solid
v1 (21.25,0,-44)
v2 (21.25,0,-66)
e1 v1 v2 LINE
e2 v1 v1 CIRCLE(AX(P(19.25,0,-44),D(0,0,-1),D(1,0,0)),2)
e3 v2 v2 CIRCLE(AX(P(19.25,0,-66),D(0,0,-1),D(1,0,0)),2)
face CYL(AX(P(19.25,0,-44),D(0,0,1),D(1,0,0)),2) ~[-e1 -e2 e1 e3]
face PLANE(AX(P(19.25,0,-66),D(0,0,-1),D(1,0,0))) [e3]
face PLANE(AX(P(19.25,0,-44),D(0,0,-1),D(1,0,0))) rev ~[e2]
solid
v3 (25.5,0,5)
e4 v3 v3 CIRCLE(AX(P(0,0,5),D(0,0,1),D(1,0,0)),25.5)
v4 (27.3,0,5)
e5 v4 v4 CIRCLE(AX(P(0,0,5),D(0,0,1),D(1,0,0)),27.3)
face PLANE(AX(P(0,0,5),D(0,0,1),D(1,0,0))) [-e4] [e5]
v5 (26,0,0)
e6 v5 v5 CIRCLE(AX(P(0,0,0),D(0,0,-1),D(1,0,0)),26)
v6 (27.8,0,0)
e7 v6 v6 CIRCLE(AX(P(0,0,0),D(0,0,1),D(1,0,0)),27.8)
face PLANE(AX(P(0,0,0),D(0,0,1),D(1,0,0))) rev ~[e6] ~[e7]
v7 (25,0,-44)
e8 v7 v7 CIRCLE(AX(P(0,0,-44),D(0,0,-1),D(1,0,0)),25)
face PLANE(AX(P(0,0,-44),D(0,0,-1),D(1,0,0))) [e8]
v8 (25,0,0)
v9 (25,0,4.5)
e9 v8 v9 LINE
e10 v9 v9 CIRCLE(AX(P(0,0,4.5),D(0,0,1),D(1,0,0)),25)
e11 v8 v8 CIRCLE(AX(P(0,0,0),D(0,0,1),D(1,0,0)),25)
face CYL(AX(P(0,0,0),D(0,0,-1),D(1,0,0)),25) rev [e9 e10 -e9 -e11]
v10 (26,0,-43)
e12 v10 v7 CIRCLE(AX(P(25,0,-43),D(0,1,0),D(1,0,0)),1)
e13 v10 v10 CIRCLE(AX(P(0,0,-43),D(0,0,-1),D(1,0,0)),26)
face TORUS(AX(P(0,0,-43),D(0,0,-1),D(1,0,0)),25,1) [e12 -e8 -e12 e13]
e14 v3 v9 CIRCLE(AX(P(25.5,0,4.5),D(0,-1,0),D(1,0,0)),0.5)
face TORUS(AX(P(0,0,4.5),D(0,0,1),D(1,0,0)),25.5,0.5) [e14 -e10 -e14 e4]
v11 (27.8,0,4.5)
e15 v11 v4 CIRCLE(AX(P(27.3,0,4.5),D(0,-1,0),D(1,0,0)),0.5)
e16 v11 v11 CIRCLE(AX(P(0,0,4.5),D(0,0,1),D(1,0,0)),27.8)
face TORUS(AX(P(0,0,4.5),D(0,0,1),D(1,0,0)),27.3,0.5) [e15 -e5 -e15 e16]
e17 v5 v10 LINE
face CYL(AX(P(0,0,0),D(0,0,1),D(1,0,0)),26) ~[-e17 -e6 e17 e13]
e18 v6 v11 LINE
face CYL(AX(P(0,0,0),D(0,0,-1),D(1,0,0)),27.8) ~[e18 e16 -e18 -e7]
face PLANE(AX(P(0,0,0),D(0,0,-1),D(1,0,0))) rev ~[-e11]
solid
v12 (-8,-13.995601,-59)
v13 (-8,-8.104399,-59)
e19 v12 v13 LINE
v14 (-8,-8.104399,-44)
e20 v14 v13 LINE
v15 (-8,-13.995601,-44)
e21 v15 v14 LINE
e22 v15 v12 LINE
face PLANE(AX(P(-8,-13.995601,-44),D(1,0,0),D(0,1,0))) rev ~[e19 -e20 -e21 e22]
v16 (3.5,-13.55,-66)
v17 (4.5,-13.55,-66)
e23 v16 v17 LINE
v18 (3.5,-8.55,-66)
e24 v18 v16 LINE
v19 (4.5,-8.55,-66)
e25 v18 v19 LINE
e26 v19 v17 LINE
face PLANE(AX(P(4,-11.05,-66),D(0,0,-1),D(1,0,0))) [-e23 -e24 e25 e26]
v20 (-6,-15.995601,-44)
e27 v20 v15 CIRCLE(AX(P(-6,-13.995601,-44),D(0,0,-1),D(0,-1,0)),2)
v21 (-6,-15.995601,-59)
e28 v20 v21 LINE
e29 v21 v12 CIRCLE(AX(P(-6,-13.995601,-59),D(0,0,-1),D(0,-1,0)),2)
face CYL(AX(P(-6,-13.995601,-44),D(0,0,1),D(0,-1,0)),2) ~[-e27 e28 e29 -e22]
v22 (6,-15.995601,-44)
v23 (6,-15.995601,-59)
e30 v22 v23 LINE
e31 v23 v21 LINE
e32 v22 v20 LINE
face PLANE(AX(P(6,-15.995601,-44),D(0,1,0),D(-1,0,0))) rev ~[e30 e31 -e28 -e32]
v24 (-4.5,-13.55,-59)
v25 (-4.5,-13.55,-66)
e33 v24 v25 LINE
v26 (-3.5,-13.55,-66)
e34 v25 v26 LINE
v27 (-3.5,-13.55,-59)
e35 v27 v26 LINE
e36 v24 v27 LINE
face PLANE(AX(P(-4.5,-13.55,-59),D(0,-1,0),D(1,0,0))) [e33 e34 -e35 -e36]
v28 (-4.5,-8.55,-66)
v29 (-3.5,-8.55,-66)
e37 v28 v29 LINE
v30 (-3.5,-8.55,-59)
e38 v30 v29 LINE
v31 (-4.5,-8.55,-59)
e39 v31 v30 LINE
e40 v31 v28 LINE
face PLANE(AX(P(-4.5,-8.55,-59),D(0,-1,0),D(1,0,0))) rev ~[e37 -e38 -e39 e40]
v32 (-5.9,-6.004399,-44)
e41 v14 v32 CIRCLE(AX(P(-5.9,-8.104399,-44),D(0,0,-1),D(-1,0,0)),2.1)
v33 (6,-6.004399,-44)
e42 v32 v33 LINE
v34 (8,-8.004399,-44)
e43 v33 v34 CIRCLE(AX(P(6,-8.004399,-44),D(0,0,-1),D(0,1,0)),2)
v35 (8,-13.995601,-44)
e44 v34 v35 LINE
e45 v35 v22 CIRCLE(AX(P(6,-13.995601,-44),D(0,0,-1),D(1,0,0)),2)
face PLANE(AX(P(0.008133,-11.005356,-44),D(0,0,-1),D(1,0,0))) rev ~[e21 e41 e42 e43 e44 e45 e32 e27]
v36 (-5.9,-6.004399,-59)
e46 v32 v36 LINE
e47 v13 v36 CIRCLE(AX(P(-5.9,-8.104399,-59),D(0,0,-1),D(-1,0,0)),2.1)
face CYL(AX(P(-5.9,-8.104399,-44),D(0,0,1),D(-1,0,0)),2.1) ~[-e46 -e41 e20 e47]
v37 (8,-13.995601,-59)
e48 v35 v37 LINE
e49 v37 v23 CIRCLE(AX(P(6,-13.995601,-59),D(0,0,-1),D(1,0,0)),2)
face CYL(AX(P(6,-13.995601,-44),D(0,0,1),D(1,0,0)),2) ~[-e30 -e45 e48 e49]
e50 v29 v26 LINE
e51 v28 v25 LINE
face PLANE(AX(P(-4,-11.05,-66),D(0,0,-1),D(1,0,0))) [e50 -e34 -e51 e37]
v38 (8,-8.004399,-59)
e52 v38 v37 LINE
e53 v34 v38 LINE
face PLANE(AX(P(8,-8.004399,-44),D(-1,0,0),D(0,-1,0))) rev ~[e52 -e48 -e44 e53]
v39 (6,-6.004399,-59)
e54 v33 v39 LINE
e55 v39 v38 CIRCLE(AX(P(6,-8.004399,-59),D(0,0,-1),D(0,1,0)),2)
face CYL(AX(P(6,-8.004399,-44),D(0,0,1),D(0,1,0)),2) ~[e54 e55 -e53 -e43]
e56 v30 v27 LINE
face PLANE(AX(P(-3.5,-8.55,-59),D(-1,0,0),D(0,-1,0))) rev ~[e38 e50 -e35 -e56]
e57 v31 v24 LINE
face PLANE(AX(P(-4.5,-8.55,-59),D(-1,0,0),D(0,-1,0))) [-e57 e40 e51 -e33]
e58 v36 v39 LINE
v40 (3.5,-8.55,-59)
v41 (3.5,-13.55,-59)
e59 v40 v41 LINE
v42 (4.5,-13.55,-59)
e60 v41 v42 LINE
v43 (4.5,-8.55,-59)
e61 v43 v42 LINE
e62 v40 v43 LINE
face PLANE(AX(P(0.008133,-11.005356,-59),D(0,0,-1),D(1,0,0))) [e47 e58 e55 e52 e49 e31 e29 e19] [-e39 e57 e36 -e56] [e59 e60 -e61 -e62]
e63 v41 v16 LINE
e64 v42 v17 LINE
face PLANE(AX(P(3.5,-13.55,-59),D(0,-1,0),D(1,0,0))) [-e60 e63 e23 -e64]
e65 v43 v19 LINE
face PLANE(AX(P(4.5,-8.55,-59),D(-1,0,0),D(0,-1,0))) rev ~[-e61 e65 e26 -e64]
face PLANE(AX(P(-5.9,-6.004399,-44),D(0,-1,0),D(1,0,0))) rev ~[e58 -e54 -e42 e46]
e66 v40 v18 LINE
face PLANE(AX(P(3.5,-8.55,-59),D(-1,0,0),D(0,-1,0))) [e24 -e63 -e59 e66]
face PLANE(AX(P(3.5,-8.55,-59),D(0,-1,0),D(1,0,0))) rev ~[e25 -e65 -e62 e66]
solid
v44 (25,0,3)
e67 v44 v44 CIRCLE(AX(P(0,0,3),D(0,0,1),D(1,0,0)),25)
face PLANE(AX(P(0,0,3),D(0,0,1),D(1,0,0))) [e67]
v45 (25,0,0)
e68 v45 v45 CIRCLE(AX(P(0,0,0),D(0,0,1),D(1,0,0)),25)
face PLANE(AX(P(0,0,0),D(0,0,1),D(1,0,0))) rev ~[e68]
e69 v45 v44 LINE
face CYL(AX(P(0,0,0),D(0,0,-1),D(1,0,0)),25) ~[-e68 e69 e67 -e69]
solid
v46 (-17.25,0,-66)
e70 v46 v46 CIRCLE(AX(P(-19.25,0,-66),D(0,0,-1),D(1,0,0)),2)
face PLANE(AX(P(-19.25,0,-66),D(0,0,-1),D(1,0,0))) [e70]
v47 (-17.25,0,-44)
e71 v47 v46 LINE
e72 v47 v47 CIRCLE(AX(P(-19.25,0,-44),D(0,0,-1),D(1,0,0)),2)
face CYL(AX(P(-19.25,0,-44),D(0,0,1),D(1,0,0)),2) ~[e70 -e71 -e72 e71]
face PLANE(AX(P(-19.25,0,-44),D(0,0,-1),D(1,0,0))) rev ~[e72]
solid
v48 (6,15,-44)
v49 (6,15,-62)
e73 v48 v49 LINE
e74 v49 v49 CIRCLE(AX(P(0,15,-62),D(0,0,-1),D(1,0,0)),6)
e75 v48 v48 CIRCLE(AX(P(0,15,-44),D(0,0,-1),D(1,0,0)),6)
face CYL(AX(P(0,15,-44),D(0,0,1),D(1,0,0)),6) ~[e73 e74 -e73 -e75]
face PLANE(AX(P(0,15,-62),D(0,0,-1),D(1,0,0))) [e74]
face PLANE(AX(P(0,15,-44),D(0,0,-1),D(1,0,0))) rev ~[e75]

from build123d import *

# Parameters (mm, degrees)
F0_R      = 27.8
F0_R_2    = 25
F1_DEPTH  = 5
F2_R      = 25
F3_DEPTH  = 3
F4_R      = 26
F5_DEPTH  = 44
F6_R      = 1
F7_R      = 2
F8_DEPTH  = 22
F10_DEPTH = 15
F11_R     = 6
F12_DEPTH = 18
F13_W     = 1
F13_H     = 5
F14_DEPTH = 7
F15_R     = 0.5


with BuildPart() as f1:
    # F0 (on Top) → F1 (new body)
    with BuildSketch(Plane.XY):
        Circle(F0_R)
        Circle(F0_R_2, mode=Mode.SUBTRACT)
    extrude(amount=F1_DEPTH)

    # F4 (on face) → F5 (join)
    with BuildSketch(Plane(origin=(0, 0, 0), x_dir=(1, 0, 0), z_dir=(0, 0, -1))):
        Circle(F4_R)
    extrude(amount=F5_DEPTH)

    # F6
    f6_edges = [f1.edges().sort_by_distance(p)[0] for p in [
        (-26, 0, -44),
    ]]
    fillet(f6_edges, radius=F6_R)

    # F15
    f15_edges = [f1.edges().sort_by_distance(p)[0] for p in [
        (-27.8, 0, 5),
        (-25, 0, 5),
    ]]
    fillet(f15_edges, radius=F15_R)


with BuildPart() as f3:
    # F2 (on Top) → F3 (new body)
    with BuildSketch(Plane.XY):
        Circle(F2_R)
    extrude(amount=F3_DEPTH)


with BuildPart() as f8:
    # F7 (on face) → F8 (new body)
    with BuildSketch(Plane(origin=(0, 0, -44), x_dir=(1, 0, 0), z_dir=(0, 0, -1))):
        with Locations((-19.25, 0)):
            Circle(F7_R)
    extrude(amount=F8_DEPTH)


with BuildPart() as f8b:
    # F7 (on face) → F8, piece 2 (new body)
    with BuildSketch(Plane(origin=(0, 0, -44), x_dir=(1, 0, 0), z_dir=(0, 0, -1))):
        with Locations((19.25, 0)):
            Circle(F7_R)
    extrude(amount=F8_DEPTH)


with BuildPart() as f10:
    # F9 (on face) → F10 (new body)
    with BuildSketch(Plane(origin=(0, 0, -44), x_dir=(1, 0, 0), z_dir=(0, 0, -1))):
        with BuildLine():
            Line((-5.9, 6.0043991543), (6, 6.0043991543))
            ThreePointArc((6, 6.0043991543), (7.4142135624, 6.590185592), (8, 8.0043991543))
            Line((8, 8.0043991543), (8, 13.9956008457))
            ThreePointArc((8, 13.9956008457), (7.4142135624, 15.409814408), (6, 15.9956008457))
            Line((6, 15.9956008457), (-6, 15.9956008457))
            ThreePointArc((-6, 15.9956008457), (-7.4142135624, 15.409814408), (-8, 13.9956008457))
            Line((-8, 13.9956008457), (-8, 8.1043991543))
            ThreePointArc((-8, 8.1043991543), (-7.3849242405, 6.6194749138), (-5.9, 6.0043991543))
        make_face()
    extrude(amount=F10_DEPTH)

    # F13 (on face) → F14 (join)
    with BuildSketch(Plane(origin=(0, 0, -59), x_dir=(1, 0, 0), z_dir=(0, 0, -1))):
        with Locations((-4, 11.05)):
            Rectangle(F13_W, F13_H)
        with Locations((4, 11.05)):
            Rectangle(F13_W, F13_H)
    extrude(amount=F14_DEPTH)


with BuildPart() as f12:
    # F11 (on face) → F12 (new body)
    with BuildSketch(Plane(origin=(0, 0, -44), x_dir=(1, 0, 0), z_dir=(0, 0, -1))):
        with Locations((0, -15)):
            Circle(F11_R)
    extrude(amount=F12_DEPTH)


solid = Compound([f1.part, f3.part, f8.part, f8b.part, f10.part, f12.part])
